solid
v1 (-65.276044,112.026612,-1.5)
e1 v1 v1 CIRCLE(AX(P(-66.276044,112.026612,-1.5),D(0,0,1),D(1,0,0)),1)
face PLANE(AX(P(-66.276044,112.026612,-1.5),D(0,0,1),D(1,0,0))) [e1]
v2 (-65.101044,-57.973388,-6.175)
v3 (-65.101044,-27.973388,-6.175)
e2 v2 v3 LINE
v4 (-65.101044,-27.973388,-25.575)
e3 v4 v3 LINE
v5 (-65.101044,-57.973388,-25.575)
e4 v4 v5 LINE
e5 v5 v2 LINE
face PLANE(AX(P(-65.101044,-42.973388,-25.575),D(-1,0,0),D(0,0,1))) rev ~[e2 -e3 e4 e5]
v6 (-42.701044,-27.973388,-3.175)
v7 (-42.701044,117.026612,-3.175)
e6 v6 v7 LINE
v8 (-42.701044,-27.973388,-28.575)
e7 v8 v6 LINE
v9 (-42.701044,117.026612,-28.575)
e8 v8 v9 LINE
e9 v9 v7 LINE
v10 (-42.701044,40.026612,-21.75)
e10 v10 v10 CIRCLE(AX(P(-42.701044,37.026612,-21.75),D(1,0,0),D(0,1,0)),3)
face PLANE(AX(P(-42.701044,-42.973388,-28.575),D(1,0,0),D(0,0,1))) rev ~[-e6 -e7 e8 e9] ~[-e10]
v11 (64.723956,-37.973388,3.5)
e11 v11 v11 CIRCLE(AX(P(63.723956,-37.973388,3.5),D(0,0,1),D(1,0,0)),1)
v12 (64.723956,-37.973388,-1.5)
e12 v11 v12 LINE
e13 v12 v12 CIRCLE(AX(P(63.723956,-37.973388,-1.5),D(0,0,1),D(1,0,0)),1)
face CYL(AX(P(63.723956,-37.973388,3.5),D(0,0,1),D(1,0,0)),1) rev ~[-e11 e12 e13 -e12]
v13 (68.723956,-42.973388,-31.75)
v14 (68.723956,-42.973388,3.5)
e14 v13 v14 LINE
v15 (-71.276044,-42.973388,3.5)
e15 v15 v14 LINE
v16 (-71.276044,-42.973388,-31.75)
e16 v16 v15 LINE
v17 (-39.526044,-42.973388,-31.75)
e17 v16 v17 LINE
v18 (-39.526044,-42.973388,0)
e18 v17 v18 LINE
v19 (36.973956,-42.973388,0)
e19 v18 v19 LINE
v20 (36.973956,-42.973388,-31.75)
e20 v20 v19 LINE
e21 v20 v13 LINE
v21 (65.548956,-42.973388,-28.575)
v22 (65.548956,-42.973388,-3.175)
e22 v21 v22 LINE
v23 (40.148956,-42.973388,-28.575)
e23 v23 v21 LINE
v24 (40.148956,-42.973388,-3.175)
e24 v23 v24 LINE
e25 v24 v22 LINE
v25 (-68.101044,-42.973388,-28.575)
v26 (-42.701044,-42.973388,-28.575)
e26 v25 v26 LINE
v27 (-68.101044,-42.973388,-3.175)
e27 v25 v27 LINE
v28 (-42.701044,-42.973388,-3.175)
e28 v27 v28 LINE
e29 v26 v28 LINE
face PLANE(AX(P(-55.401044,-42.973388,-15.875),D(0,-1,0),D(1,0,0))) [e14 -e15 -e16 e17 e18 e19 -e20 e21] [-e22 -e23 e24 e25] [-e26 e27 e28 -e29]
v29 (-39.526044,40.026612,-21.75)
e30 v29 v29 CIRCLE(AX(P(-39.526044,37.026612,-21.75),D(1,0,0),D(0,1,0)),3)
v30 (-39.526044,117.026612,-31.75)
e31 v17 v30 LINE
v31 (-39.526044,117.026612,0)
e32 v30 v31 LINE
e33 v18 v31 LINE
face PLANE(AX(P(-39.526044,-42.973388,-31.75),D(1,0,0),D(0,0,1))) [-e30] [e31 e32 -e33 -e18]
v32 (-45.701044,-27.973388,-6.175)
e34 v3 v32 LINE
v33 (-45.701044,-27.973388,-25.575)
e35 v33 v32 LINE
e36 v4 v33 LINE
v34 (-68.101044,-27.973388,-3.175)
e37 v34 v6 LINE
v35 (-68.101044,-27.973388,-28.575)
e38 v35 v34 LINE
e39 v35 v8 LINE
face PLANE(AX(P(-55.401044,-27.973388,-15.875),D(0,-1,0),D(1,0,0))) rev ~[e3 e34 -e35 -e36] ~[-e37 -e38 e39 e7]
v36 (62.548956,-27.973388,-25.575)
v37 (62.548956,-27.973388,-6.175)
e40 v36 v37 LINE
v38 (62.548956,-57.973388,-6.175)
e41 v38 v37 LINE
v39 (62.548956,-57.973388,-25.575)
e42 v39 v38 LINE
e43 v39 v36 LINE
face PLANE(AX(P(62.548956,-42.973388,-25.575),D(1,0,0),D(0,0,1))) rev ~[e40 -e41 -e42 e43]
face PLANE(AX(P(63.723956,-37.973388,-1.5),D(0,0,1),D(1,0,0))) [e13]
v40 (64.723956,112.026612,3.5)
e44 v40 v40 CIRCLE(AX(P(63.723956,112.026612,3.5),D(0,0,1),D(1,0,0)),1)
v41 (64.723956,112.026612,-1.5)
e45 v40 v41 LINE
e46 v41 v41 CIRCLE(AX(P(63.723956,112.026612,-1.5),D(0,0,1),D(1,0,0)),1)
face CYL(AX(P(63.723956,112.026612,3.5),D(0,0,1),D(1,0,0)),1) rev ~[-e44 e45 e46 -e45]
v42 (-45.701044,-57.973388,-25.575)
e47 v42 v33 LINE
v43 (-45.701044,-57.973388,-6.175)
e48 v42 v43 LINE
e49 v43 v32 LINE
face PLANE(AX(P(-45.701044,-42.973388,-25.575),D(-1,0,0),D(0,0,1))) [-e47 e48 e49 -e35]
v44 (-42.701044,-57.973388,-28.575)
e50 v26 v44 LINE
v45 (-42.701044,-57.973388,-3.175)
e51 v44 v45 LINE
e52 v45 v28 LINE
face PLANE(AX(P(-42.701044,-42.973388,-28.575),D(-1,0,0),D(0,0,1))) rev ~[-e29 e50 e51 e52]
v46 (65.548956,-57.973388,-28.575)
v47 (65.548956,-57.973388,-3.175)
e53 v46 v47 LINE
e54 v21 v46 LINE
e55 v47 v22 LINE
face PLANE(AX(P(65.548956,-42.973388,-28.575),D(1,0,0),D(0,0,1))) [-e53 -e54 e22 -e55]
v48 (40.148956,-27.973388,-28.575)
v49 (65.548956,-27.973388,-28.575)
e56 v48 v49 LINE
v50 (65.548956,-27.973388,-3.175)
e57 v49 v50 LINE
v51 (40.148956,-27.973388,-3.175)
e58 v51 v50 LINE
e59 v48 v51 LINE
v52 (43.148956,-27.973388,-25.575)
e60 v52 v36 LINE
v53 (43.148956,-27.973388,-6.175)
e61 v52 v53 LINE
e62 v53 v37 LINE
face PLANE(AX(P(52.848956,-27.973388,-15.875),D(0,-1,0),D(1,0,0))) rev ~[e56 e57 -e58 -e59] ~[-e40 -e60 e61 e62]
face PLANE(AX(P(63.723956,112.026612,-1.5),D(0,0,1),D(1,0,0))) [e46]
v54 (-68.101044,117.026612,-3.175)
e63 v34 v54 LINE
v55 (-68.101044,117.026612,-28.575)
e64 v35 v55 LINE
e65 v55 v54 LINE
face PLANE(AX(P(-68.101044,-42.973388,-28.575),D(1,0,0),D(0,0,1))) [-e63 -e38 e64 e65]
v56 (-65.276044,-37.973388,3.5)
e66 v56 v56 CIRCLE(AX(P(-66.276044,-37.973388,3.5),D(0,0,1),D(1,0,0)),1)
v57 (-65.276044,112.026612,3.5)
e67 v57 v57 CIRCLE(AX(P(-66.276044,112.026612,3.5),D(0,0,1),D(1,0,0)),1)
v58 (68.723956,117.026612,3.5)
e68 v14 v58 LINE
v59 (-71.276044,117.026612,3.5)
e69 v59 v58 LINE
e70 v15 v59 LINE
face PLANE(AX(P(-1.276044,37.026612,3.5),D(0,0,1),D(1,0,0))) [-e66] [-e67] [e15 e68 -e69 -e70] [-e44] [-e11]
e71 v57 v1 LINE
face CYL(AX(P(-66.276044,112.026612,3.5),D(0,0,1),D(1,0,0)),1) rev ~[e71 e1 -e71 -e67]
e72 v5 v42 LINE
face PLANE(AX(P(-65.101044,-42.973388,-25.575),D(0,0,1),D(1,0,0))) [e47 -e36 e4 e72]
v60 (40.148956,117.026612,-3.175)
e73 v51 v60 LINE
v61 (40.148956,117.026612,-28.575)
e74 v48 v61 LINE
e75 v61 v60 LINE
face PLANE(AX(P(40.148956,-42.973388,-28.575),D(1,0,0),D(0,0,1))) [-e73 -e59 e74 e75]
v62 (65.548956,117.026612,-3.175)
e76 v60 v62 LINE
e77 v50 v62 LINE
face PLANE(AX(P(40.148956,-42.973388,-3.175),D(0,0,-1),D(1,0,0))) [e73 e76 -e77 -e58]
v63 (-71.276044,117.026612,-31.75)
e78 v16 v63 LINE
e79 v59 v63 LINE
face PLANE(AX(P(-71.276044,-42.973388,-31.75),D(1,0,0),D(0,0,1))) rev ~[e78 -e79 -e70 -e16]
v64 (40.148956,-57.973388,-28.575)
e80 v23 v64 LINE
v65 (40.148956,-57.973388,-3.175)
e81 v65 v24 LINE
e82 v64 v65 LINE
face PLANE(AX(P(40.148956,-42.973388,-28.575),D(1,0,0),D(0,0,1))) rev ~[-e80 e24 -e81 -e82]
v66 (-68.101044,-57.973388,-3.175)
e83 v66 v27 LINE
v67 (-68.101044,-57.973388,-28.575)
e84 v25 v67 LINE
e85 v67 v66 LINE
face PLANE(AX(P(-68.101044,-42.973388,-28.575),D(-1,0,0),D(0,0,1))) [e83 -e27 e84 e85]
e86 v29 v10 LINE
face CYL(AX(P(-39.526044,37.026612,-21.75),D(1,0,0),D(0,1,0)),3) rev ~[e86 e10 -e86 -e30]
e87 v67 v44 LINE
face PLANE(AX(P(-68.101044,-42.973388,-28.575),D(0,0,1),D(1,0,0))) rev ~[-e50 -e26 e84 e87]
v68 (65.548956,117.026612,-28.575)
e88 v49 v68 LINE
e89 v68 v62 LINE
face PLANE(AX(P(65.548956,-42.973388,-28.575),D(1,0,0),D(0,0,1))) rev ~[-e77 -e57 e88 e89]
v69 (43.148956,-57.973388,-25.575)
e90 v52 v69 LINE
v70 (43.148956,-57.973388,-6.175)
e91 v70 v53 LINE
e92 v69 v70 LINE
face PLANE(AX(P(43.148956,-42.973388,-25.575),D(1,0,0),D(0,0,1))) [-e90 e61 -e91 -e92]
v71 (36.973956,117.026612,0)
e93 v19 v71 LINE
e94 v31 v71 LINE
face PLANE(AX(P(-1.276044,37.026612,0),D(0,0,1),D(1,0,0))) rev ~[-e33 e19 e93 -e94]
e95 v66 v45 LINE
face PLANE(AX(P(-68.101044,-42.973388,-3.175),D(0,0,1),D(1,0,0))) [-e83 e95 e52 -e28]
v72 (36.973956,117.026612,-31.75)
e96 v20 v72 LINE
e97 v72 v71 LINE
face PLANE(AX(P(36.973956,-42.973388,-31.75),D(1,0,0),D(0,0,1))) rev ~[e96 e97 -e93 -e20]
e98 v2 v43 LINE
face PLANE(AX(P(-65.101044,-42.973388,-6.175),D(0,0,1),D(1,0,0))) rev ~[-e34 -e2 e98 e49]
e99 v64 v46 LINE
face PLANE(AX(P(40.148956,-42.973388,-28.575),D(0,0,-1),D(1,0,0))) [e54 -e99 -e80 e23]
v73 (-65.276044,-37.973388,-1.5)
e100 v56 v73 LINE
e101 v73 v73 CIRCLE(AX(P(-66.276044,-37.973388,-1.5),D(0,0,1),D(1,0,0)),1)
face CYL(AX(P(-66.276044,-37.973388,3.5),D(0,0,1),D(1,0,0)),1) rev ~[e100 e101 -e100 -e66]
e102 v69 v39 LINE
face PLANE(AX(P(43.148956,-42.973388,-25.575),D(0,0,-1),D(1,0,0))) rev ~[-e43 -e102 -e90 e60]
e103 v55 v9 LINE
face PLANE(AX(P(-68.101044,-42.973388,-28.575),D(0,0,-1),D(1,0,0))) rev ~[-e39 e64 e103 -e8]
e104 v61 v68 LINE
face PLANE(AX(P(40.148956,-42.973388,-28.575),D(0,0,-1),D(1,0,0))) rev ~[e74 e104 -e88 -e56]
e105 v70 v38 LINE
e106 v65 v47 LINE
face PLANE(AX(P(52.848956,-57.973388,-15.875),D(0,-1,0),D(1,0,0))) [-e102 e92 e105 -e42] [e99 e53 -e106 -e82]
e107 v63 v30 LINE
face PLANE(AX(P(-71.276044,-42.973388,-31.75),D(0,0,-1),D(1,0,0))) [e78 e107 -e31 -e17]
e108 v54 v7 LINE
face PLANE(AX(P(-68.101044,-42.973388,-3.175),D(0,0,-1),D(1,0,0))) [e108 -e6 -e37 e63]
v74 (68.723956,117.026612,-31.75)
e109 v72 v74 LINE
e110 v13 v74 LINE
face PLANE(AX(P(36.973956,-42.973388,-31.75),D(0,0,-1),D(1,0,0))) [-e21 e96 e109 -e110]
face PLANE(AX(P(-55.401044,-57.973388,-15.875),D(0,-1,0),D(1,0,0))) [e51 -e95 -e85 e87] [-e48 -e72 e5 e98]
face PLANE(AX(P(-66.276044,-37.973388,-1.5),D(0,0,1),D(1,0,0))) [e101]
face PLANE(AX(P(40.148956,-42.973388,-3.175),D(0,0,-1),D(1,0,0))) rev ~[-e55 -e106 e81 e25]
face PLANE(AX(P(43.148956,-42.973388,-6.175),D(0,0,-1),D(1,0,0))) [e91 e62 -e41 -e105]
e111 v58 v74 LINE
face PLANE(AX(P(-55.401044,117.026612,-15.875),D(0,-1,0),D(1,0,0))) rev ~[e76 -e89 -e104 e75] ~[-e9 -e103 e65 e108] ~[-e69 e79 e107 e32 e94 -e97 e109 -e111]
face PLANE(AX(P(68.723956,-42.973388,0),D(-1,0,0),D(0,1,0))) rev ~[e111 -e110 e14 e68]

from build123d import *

# Parameters (mm, degrees)
F0_W     = 140
F0_H     = 160
F1_DEPTH = 3.5
F2_W     = 31.75
F2_H     = 31.75
F2_W_2   = 25.4
F2_H_2   = 25.4
F3_DEPTH = 160
F4_W     = 25.4
F4_H     = 25.4
F4_W_2   = 19.4
F4_H_2   = 19.4
F5_DEPTH = 15
F6_R     = 3
F7_DEPTH = 4
F8_R     = 1
F9_DEPTH = 5


with BuildPart() as f1:
    # F0 (on Top) → F1 (new body)
    with BuildSketch(Plane.XY):
        with Locations((-1.276044, 37.026612)):
            Rectangle(F0_W, F0_H)
    extrude(amount=F1_DEPTH)

    # F2 (on face) → F3 (join)
    with BuildSketch(Plane.XZ.offset(42.973388)):
        with Locations((-55.401044, -15.875)):
            Rectangle(F2_W, F2_H)
        with Locations((-55.401044, -15.875)):
            Rectangle(F2_W_2, F2_H_2, mode=Mode.SUBTRACT)
        with Locations((52.848956, -15.875)):
            Rectangle(F2_W, F2_H)
        with Locations((52.848956, -15.875)):
            Rectangle(F2_W_2, F2_H_2, mode=Mode.SUBTRACT)
    extrude(amount=-F3_DEPTH)

    # F4 (on face) → F5 (join, symmetric)
    with BuildSketch(Plane.XZ.offset(42.973388)):
        with Locations((-55.401044, -15.875)):
            Rectangle(F4_W, F4_H)
        with Locations((-55.401044, -15.875)):
            Rectangle(F4_W_2, F4_H_2, mode=Mode.SUBTRACT)
        with Locations((52.848956, -15.875)):
            Rectangle(F4_W, F4_H)
        with Locations((52.848956, -15.875)):
            Rectangle(F4_W_2, F4_H_2, mode=Mode.SUBTRACT)
    extrude(amount=F5_DEPTH, both=True)

    # F6 (on face) → F7 (cut)
    with BuildSketch(Plane.YZ.offset(-39.526044)):
        with Locations((37.026612, -21.75)):
            Circle(F6_R)
    extrude(amount=-F7_DEPTH, mode=Mode.SUBTRACT)

    # F8 (on face) → F9 (cut)
    with BuildSketch(Plane.XY.offset(3.5)):
        with Locations((-66.276044, 112.026612)):
            Circle(F8_R)
        with Locations((63.723956, 112.026612)):
            Circle(F8_R)
        with Locations((63.723956, -37.973388)):
            Circle(F8_R)
        with Locations((-66.276044, -37.973388)):
            Circle(F8_R)
    extrude(amount=-F9_DEPTH, mode=Mode.SUBTRACT)


solid = f1.part
